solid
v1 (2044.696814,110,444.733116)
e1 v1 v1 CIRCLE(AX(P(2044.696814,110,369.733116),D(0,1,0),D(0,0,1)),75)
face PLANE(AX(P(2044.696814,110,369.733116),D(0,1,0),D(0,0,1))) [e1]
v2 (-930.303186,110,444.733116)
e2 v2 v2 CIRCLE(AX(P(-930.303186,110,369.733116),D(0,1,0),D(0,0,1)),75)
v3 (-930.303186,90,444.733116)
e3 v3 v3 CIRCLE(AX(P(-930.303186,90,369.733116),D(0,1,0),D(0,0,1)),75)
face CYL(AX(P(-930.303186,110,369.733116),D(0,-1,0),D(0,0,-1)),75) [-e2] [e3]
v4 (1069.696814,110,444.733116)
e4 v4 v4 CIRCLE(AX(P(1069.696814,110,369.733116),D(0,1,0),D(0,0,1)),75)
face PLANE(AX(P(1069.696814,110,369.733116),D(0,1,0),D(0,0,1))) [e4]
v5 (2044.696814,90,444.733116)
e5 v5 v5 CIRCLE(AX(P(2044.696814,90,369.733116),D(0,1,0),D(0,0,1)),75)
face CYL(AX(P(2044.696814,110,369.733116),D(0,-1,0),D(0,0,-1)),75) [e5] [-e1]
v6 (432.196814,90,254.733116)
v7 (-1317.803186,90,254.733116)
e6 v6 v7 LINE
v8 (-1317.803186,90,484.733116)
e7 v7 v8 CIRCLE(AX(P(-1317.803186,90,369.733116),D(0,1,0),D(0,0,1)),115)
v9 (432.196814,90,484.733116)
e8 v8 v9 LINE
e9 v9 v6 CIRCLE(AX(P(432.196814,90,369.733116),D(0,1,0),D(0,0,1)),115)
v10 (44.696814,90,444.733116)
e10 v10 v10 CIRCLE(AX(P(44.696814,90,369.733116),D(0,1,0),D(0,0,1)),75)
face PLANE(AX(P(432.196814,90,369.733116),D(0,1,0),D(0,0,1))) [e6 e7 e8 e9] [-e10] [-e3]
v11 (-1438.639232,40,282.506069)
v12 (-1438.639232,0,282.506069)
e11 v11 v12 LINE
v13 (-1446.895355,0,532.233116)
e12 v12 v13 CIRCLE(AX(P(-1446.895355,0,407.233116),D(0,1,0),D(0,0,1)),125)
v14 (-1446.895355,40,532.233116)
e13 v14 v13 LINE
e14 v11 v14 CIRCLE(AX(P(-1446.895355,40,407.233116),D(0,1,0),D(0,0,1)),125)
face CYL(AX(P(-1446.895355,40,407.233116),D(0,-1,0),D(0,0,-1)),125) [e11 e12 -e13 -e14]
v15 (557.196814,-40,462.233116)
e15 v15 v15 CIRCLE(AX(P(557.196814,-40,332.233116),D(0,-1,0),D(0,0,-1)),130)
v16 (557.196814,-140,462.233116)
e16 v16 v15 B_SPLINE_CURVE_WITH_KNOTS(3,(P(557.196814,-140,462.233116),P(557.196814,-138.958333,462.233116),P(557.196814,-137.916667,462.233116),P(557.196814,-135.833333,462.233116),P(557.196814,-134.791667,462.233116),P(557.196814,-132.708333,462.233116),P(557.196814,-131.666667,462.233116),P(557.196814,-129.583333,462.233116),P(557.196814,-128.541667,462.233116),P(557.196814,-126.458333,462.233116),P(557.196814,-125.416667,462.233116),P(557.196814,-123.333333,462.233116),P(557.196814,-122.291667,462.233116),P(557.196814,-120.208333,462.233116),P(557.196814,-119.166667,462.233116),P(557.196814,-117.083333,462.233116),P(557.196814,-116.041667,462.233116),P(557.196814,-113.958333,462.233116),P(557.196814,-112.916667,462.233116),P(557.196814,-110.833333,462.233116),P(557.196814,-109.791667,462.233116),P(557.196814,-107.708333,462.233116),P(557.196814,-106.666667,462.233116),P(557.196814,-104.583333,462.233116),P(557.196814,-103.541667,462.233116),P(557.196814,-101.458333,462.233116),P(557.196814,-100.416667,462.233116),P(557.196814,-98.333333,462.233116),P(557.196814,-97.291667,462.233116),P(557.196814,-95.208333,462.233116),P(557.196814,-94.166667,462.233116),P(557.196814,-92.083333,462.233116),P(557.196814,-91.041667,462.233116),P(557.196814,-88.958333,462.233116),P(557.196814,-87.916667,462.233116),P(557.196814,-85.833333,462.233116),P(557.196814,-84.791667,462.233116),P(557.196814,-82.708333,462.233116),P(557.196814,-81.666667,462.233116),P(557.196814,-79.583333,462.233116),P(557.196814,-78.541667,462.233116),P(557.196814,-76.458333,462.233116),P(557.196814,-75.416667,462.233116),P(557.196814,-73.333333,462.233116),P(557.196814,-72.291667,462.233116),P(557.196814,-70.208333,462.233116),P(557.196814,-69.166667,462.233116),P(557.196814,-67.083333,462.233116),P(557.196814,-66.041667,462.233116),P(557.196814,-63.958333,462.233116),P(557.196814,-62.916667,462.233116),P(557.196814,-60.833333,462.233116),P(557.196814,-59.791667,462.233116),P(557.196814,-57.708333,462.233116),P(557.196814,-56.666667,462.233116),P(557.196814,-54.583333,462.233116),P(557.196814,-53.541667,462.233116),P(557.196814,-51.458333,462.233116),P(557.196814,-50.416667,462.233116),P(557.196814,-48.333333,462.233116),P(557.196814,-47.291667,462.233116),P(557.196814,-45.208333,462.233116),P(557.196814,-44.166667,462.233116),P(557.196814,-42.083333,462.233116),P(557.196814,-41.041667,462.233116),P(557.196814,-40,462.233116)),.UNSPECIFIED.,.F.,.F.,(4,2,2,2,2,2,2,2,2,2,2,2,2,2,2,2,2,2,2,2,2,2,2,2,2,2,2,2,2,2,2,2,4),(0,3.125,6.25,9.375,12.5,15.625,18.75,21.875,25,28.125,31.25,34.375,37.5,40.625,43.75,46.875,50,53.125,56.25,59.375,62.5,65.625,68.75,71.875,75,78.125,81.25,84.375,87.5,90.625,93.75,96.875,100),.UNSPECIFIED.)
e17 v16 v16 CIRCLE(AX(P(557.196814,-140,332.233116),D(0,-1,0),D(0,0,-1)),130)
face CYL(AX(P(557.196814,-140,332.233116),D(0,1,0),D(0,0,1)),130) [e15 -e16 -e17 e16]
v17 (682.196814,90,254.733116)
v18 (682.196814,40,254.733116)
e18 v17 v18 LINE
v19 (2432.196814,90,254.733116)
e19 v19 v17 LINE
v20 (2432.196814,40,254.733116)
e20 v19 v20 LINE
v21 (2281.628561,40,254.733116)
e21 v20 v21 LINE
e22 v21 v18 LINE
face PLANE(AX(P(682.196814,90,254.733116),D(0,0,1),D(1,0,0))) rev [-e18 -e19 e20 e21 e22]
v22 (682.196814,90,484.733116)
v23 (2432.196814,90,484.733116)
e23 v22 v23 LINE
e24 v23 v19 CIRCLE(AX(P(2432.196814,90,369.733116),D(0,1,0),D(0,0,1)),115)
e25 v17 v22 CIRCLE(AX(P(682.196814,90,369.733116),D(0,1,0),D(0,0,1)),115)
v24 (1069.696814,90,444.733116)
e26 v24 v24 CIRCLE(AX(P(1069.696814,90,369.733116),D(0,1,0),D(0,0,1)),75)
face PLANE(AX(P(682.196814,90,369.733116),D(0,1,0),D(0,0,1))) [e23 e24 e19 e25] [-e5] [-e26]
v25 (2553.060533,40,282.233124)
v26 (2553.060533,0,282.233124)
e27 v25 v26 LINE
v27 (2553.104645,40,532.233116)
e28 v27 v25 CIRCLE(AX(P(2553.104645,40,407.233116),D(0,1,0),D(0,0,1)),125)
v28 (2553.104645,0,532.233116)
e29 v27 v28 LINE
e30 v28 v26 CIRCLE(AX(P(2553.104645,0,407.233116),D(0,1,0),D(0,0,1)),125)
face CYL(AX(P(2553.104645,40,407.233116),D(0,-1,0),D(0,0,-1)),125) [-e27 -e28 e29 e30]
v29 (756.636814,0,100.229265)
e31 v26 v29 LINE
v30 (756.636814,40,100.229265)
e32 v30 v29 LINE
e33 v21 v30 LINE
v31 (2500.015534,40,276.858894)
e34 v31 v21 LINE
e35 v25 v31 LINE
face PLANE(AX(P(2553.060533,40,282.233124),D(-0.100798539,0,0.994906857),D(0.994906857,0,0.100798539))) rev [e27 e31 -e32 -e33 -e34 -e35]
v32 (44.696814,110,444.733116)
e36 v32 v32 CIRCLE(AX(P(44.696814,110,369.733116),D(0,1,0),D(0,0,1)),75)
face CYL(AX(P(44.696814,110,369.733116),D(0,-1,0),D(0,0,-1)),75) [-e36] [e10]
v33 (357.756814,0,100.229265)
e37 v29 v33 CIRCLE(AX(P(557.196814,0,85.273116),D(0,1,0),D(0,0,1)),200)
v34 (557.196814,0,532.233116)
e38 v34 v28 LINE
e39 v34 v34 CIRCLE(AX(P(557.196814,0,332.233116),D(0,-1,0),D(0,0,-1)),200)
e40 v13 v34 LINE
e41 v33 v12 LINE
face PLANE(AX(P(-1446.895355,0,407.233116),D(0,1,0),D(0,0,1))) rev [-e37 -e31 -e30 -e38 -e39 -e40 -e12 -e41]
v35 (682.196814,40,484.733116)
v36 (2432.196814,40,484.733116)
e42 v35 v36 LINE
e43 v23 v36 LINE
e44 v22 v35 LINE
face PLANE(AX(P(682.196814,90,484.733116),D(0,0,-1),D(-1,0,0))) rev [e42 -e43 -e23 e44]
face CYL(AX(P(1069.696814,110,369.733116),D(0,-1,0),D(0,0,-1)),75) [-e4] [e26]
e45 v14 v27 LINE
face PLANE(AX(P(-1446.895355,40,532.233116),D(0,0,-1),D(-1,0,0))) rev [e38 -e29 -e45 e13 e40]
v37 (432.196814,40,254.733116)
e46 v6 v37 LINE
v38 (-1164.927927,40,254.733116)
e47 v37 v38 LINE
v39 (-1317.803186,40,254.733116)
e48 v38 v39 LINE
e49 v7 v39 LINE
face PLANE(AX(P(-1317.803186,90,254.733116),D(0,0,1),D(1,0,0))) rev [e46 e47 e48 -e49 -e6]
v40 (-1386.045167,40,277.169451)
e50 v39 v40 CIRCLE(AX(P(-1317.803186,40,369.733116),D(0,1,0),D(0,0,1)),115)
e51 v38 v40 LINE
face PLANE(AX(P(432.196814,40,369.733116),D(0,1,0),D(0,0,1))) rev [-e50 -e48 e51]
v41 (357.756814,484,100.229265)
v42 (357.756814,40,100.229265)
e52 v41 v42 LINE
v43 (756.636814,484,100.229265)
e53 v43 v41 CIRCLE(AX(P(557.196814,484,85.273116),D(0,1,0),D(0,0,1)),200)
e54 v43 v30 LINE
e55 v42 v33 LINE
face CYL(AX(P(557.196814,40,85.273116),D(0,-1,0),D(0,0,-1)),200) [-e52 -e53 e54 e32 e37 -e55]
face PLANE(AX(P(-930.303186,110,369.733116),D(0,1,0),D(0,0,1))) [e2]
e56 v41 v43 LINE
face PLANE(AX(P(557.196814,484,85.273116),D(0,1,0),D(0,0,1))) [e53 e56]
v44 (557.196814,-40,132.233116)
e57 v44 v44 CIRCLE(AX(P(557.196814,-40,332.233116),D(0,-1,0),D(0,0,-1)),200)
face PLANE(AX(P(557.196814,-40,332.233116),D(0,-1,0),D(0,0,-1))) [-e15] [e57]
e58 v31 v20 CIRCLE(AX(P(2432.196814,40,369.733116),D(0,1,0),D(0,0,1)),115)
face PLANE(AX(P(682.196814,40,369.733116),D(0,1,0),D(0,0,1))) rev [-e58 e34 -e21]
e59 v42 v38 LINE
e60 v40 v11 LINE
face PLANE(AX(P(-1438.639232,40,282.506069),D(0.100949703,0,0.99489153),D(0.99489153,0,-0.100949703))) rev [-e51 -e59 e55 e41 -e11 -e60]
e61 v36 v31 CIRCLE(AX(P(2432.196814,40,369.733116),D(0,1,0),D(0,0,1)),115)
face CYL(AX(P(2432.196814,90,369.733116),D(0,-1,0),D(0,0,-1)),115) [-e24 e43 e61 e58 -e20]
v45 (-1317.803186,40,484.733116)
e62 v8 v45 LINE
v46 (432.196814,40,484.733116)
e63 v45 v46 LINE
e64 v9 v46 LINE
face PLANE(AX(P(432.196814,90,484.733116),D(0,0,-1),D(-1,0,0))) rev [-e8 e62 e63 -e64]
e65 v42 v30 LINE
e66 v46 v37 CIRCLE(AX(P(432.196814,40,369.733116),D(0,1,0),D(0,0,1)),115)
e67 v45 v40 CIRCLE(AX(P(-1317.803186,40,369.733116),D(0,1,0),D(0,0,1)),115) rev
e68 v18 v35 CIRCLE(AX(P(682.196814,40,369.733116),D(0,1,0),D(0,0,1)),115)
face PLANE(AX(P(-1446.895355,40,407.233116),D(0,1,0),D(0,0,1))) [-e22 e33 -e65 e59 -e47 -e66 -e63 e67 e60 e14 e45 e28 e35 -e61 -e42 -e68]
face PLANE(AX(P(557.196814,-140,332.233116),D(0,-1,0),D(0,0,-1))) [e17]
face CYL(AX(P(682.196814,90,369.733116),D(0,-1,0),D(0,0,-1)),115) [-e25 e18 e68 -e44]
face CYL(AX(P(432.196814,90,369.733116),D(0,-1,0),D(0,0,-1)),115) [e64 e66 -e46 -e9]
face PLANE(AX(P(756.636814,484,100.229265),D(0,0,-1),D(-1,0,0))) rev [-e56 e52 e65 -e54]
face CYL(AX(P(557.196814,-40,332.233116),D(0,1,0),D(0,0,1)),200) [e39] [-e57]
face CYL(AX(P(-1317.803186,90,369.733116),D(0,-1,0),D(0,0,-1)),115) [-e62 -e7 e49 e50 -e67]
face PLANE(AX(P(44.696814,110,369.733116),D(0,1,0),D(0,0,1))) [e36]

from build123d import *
from build123d.topology import SkipClean

# Parameters (mm, degrees)
BOSS_EXTRUDE1_DEPTH = 40
BOSS_EXTRUDE2_DEPTH = 50
SKETCH3_R           = 75
BOSS_EXTRUDE3_DEPTH = 20
SKETCH4_R           = 200
BOSS_EXTRUDE4_DEPTH = 40
BOSS_EXTRUDE5_DEPTH = 444
SKETCH6_R           = 130
BOSS_EXTRUDE6_DEPTH = 100


with BuildPart() as part:
    # Sketch1 → Boss-Extrude1 (new body)
    with BuildSketch(Plane(origin=(0, 0, 0), x_dir=(1, 0, 0), z_dir=(0, 1, 0))):
        with BuildLine():
            Line((-1446.895354921, -532.23311623), (2553.104645079, -532.23311623))
            ThreePointArc((2553.104645079, -532.23311623), (2678.104643133, -407.21106021), (2553.060533039, -282.233124013))
            Line((2553.060533039, -282.233124013), (756.636813569, -100.229265467))
            ThreePointArc((756.636813569, -100.229265467), (557.196813569, 114.72688377), (357.756813569, -100.229265467))
            Line((357.756813569, -100.229265467), (-1438.639231703, -282.506068524))
            ThreePointArc((-1438.639231703, -282.506068524), (-1571.827098211, -403.102799246), (-1446.895354921, -532.23311623))
        make_face()
    extrude(amount=BOSS_EXTRUDE1_DEPTH)

    # Sketch2 → Boss-Extrude2 (add)
    with BuildSketch(Plane(origin=(0, 40, 0), x_dir=(1, 0, 0), z_dir=(0, 1, 0))):
        with BuildLine():
            Line((682.196813569, -254.73311623), (2432.196813569, -254.73311623))
            ThreePointArc((2432.196813569, -254.73311623), (2547.196813569, -369.73311623), (2432.196813569, -484.73311623))
            Line((2432.196813569, -484.73311623), (682.196813569, -484.73311623))
            ThreePointArc((682.196813569, -484.73311623), (567.196813569, -369.73311623), (682.196813569, -254.73311623))
        make_face()
        with BuildLine():
            Line((432.196813569, -484.73311623), (-1317.803186431, -484.73311623))
            ThreePointArc((-1317.803186431, -484.73311623), (-1432.803186431, -369.73311623), (-1317.803186431, -254.73311623))
            Line((-1317.803186431, -254.73311623), (432.196813569, -254.73311623))
            ThreePointArc((432.196813569, -254.73311623), (547.196813569, -369.73311623), (432.196813569, -484.73311623))
        make_face()
    extrude(amount=BOSS_EXTRUDE2_DEPTH)

    # Sketch3 → Boss-Extrude3 (add)
    with BuildSketch(Plane(origin=(0, 90, 0), x_dir=(1, 0, 0), z_dir=(0, 1, 0))):
        with Locations(Location((-930.303186431, -369.73311623, 0), (0, 0, 270))):
            Circle(SKETCH3_R)
        with Locations(Location((44.696813569, -369.73311623, 0), (0, 0, 270))):
            Circle(SKETCH3_R)
        with Locations(Location((1069.696813569, -369.73311623, 0), (0, 0, 270))):
            Circle(SKETCH3_R)
        with Locations(Location((2044.696813569, -369.73311623, 0), (0, 0, 270))):
            Circle(SKETCH3_R)
    extrude(amount=BOSS_EXTRUDE3_DEPTH)

    # Sketch4 → Boss-Extrude4 (add)
    with BuildSketch(Plane(origin=(0, 0, 0), x_dir=(-1, 0, 0), z_dir=(0, -1, 0))):
        with Locations(Location((-557.196813569, -332.23311623, 0), (0, 0, 270))):
            Circle(SKETCH4_R)
    extrude(amount=BOSS_EXTRUDE4_DEPTH)

    # Sketch5 → Boss-Extrude5 (add)
    with SkipClean():  # the faces are left unmerged after this step: merging them gives an invalid solid
        with BuildSketch(Plane(origin=(0, 40, 0), x_dir=(1, 0, 0), z_dir=(0, 1, 0))):
            with BuildLine():
                Line((756.636813569, -100.229265467), (357.756813569, -100.229265467))
                ThreePointArc((357.756813569, -100.229265467), (557.196813569, 114.72688377), (756.636813569, -100.229265467))
            make_face()
        extrude(amount=BOSS_EXTRUDE5_DEPTH)

    # Sketch6 → Boss-Extrude6 (add)
    with SkipClean():  # the faces are left unmerged after this step: merging them gives an invalid solid
        with BuildSketch(Plane.XZ.offset(40)):
            with Locations(Location((557.196813569, 332.23311623, 0), (0, 0, 90))):
                Circle(SKETCH6_R)
        extrude(amount=BOSS_EXTRUDE6_DEPTH)


solid = part.part
